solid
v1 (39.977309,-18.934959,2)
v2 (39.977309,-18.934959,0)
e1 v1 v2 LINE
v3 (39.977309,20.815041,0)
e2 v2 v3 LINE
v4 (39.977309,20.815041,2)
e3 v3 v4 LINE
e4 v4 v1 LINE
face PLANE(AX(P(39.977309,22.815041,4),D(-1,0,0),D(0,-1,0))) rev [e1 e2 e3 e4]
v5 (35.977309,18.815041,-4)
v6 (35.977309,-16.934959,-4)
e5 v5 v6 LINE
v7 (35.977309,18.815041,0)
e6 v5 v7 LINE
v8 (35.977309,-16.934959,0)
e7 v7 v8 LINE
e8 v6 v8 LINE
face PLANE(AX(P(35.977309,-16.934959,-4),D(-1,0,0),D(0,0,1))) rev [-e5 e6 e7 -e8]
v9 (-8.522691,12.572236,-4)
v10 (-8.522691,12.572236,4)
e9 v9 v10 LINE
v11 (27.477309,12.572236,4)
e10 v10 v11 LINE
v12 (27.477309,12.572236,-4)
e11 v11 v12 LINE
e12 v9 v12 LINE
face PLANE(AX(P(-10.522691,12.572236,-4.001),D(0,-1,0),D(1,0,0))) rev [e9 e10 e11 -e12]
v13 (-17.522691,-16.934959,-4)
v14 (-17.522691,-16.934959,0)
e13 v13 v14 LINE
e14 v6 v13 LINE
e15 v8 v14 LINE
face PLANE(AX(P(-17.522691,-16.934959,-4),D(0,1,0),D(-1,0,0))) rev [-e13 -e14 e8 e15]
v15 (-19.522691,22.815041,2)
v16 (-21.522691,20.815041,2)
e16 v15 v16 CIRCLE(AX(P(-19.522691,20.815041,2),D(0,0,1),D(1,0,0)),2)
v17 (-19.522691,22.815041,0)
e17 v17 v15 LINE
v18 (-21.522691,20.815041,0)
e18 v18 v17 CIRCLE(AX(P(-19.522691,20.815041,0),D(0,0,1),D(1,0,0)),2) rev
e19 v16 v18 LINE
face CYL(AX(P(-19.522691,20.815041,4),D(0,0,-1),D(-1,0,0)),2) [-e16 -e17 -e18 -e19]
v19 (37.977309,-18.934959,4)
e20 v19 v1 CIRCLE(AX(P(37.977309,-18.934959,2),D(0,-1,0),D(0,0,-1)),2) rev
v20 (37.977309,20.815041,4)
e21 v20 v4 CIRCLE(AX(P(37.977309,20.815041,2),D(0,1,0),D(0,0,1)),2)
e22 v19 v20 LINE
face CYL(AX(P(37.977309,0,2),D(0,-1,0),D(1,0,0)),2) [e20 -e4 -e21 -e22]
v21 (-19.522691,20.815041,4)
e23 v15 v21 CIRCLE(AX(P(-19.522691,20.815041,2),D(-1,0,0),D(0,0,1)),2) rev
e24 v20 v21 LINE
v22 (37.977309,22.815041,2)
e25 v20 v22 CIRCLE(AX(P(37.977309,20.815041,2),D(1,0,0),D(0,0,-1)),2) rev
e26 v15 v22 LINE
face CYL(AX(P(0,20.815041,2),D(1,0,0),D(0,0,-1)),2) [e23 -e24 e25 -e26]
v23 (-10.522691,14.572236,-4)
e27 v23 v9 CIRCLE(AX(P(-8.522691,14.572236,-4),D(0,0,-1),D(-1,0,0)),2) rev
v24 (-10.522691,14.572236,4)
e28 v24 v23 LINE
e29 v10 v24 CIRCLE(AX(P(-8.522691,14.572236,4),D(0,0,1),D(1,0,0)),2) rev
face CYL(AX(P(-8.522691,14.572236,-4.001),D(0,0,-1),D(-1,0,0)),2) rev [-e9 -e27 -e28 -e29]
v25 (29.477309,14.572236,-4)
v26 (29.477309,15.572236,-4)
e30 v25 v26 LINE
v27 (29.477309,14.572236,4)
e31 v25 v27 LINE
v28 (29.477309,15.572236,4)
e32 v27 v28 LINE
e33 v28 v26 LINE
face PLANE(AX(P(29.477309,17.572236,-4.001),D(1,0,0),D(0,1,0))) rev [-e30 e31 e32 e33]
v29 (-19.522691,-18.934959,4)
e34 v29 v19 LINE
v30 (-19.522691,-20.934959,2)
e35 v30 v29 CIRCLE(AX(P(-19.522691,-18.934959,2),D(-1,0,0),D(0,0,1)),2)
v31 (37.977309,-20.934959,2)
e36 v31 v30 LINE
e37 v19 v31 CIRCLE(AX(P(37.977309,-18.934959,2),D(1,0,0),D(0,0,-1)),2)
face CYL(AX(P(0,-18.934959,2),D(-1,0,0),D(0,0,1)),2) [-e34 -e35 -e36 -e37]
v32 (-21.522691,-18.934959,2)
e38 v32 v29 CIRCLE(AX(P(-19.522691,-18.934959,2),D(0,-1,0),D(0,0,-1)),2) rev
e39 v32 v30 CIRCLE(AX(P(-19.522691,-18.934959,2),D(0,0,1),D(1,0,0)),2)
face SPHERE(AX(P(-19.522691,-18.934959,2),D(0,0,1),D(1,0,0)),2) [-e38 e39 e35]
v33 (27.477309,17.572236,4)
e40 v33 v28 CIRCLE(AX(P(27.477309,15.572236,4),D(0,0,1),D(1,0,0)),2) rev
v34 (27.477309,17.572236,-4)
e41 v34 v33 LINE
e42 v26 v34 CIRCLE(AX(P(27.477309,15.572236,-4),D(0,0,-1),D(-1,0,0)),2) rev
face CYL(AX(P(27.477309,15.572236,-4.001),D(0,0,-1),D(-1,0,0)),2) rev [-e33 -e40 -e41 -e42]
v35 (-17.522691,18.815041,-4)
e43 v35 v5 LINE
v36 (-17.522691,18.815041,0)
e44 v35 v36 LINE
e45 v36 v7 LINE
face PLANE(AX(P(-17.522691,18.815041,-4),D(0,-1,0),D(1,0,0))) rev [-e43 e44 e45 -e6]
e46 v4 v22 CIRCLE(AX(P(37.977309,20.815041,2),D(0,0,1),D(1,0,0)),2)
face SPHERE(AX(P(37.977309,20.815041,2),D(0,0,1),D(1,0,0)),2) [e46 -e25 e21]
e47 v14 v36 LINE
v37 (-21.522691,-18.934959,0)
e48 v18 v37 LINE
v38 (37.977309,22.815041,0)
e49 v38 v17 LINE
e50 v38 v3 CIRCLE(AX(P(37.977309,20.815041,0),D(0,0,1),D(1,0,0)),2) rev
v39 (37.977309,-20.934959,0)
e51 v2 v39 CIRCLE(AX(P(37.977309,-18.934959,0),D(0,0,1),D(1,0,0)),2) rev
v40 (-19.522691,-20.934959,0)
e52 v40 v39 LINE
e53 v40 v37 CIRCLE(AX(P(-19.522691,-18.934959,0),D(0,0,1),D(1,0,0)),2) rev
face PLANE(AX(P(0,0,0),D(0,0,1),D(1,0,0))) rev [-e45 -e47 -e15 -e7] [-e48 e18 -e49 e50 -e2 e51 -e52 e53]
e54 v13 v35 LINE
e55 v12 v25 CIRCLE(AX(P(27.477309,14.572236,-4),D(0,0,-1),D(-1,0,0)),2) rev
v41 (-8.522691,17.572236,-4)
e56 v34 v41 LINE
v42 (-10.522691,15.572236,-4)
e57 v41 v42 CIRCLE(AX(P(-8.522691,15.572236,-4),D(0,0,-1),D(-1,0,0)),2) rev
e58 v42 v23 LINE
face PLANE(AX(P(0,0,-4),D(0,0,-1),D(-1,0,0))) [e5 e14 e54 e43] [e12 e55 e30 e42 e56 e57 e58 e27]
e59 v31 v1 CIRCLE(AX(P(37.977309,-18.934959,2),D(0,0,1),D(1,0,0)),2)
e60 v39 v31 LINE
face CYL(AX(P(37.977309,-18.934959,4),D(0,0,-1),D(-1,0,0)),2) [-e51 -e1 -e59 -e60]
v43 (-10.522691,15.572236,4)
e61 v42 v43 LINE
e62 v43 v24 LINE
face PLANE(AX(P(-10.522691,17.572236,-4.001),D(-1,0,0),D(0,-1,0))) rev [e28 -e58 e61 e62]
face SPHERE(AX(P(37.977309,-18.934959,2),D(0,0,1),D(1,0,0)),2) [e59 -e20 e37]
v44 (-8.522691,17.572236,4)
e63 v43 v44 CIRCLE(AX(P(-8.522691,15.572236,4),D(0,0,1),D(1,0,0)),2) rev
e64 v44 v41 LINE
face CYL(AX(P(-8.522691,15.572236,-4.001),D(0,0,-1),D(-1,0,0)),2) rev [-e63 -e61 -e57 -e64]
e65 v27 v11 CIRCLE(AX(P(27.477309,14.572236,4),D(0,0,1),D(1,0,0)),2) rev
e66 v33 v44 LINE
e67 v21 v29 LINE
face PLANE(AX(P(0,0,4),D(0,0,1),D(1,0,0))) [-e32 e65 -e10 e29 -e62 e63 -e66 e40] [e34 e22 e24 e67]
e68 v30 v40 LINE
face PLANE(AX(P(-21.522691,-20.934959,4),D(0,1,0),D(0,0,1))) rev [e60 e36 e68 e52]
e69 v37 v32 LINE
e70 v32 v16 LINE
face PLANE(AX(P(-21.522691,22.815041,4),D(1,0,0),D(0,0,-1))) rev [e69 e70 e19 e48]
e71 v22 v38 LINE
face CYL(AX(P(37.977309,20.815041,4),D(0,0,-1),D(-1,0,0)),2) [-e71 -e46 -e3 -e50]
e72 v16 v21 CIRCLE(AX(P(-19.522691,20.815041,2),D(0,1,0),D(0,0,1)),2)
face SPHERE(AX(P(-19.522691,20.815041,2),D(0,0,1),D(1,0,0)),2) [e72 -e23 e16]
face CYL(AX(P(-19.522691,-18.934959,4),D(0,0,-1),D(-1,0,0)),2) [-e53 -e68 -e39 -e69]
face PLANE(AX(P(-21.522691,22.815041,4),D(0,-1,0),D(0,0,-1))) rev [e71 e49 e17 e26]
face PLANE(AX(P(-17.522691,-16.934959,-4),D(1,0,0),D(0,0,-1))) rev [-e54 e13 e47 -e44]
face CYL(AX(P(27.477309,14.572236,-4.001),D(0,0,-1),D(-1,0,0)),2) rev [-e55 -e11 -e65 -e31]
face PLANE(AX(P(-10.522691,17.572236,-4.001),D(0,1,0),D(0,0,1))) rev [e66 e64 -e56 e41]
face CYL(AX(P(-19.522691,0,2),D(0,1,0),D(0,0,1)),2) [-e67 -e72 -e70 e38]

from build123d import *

# Parameters (mm, degrees)
ESQUISSE1_W             = 61.5
ESQUISSE1_H             = 43.75
BOSS_EXTRU_1_DEPTH      = 4
ESQUISSE2_W             = 53.5
ESQUISSE2_H             = 35.75
BOSS_EXTRU_2_DEPTH      = 4
CONG_1_R                = 2
ENL_V_MAT_EXTRU_1_REACH = 10
ESQUISSE3_W             = 40
ESQUISSE3_H             = 5
CONG_2_R                = 2


with BuildPart() as part:
    # Esquisse1 → Boss.-Extru.1 (new body)
    with BuildSketch(Plane.XY):
        with Locations((9.227308767, 0.94004118)):
            Rectangle(ESQUISSE1_W, ESQUISSE1_H)
    extrude(amount=BOSS_EXTRU_1_DEPTH)

    # Esquisse2 → Boss.-Extru.2 (add)
    with BuildSketch(Plane(origin=(0, 0, 0), x_dir=(-1, 0, 0), z_dir=(0, 0, -1))):
        with Locations((-9.227308767, 0.94004118)):
            Rectangle(ESQUISSE2_W, ESQUISSE2_H)
    extrude(amount=BOSS_EXTRU_2_DEPTH)

    # Congé1
    cong_1_edges = [part.edges().sort_by_distance(p)[0] for p in [
        (39.977308767, 0.94004118, 4),
        (9.227308767, 22.81504118, 4),
        (-21.522691233, 0.94004118, 4),
        (-21.522691233, 22.81504118, 2),
        (39.977308767, 22.81504118, 2),
        (39.977308767, -20.93495882, 2),
        (-21.522691233, -20.93495882, 2),
        (9.227308767, -20.93495882, 4),
    ]]
    fillet(cong_1_edges, radius=CONG_1_R)

    # Esquisse3 → Enlèv. mat.-Extru.1 (cut, up to next)
    with BuildSketch(Plane.XY.offset(4), mode=Mode.PRIVATE) as enl_v_mat_extru_1_sk1:
        with Locations((9.477308767, 15.072235538)):
            Rectangle(ESQUISSE3_W, ESQUISSE3_H)
    enl_v_mat_extru_1_tool1 = extrude(enl_v_mat_extru_1_sk1.sketch, amount=-ENL_V_MAT_EXTRU_1_REACH, mode=Mode.PRIVATE) & part.part
    add(enl_v_mat_extru_1_tool1.solids().sort_by_distance((9.477309, 15.072236, 4))[0], mode=Mode.SUBTRACT)

    # Congé2
    cong_2_edges = [part.edges().sort_by_distance(p)[0] for p in [
        (-10.522691233, 12.572235538, 0),
        (-10.522691233, 17.572235538, 0),
        (29.477308767, 17.572235538, 0),
        (29.477308767, 12.572235538, 0),
    ]]
    fillet(cong_2_edges, radius=CONG_2_R)


solid = part.part
